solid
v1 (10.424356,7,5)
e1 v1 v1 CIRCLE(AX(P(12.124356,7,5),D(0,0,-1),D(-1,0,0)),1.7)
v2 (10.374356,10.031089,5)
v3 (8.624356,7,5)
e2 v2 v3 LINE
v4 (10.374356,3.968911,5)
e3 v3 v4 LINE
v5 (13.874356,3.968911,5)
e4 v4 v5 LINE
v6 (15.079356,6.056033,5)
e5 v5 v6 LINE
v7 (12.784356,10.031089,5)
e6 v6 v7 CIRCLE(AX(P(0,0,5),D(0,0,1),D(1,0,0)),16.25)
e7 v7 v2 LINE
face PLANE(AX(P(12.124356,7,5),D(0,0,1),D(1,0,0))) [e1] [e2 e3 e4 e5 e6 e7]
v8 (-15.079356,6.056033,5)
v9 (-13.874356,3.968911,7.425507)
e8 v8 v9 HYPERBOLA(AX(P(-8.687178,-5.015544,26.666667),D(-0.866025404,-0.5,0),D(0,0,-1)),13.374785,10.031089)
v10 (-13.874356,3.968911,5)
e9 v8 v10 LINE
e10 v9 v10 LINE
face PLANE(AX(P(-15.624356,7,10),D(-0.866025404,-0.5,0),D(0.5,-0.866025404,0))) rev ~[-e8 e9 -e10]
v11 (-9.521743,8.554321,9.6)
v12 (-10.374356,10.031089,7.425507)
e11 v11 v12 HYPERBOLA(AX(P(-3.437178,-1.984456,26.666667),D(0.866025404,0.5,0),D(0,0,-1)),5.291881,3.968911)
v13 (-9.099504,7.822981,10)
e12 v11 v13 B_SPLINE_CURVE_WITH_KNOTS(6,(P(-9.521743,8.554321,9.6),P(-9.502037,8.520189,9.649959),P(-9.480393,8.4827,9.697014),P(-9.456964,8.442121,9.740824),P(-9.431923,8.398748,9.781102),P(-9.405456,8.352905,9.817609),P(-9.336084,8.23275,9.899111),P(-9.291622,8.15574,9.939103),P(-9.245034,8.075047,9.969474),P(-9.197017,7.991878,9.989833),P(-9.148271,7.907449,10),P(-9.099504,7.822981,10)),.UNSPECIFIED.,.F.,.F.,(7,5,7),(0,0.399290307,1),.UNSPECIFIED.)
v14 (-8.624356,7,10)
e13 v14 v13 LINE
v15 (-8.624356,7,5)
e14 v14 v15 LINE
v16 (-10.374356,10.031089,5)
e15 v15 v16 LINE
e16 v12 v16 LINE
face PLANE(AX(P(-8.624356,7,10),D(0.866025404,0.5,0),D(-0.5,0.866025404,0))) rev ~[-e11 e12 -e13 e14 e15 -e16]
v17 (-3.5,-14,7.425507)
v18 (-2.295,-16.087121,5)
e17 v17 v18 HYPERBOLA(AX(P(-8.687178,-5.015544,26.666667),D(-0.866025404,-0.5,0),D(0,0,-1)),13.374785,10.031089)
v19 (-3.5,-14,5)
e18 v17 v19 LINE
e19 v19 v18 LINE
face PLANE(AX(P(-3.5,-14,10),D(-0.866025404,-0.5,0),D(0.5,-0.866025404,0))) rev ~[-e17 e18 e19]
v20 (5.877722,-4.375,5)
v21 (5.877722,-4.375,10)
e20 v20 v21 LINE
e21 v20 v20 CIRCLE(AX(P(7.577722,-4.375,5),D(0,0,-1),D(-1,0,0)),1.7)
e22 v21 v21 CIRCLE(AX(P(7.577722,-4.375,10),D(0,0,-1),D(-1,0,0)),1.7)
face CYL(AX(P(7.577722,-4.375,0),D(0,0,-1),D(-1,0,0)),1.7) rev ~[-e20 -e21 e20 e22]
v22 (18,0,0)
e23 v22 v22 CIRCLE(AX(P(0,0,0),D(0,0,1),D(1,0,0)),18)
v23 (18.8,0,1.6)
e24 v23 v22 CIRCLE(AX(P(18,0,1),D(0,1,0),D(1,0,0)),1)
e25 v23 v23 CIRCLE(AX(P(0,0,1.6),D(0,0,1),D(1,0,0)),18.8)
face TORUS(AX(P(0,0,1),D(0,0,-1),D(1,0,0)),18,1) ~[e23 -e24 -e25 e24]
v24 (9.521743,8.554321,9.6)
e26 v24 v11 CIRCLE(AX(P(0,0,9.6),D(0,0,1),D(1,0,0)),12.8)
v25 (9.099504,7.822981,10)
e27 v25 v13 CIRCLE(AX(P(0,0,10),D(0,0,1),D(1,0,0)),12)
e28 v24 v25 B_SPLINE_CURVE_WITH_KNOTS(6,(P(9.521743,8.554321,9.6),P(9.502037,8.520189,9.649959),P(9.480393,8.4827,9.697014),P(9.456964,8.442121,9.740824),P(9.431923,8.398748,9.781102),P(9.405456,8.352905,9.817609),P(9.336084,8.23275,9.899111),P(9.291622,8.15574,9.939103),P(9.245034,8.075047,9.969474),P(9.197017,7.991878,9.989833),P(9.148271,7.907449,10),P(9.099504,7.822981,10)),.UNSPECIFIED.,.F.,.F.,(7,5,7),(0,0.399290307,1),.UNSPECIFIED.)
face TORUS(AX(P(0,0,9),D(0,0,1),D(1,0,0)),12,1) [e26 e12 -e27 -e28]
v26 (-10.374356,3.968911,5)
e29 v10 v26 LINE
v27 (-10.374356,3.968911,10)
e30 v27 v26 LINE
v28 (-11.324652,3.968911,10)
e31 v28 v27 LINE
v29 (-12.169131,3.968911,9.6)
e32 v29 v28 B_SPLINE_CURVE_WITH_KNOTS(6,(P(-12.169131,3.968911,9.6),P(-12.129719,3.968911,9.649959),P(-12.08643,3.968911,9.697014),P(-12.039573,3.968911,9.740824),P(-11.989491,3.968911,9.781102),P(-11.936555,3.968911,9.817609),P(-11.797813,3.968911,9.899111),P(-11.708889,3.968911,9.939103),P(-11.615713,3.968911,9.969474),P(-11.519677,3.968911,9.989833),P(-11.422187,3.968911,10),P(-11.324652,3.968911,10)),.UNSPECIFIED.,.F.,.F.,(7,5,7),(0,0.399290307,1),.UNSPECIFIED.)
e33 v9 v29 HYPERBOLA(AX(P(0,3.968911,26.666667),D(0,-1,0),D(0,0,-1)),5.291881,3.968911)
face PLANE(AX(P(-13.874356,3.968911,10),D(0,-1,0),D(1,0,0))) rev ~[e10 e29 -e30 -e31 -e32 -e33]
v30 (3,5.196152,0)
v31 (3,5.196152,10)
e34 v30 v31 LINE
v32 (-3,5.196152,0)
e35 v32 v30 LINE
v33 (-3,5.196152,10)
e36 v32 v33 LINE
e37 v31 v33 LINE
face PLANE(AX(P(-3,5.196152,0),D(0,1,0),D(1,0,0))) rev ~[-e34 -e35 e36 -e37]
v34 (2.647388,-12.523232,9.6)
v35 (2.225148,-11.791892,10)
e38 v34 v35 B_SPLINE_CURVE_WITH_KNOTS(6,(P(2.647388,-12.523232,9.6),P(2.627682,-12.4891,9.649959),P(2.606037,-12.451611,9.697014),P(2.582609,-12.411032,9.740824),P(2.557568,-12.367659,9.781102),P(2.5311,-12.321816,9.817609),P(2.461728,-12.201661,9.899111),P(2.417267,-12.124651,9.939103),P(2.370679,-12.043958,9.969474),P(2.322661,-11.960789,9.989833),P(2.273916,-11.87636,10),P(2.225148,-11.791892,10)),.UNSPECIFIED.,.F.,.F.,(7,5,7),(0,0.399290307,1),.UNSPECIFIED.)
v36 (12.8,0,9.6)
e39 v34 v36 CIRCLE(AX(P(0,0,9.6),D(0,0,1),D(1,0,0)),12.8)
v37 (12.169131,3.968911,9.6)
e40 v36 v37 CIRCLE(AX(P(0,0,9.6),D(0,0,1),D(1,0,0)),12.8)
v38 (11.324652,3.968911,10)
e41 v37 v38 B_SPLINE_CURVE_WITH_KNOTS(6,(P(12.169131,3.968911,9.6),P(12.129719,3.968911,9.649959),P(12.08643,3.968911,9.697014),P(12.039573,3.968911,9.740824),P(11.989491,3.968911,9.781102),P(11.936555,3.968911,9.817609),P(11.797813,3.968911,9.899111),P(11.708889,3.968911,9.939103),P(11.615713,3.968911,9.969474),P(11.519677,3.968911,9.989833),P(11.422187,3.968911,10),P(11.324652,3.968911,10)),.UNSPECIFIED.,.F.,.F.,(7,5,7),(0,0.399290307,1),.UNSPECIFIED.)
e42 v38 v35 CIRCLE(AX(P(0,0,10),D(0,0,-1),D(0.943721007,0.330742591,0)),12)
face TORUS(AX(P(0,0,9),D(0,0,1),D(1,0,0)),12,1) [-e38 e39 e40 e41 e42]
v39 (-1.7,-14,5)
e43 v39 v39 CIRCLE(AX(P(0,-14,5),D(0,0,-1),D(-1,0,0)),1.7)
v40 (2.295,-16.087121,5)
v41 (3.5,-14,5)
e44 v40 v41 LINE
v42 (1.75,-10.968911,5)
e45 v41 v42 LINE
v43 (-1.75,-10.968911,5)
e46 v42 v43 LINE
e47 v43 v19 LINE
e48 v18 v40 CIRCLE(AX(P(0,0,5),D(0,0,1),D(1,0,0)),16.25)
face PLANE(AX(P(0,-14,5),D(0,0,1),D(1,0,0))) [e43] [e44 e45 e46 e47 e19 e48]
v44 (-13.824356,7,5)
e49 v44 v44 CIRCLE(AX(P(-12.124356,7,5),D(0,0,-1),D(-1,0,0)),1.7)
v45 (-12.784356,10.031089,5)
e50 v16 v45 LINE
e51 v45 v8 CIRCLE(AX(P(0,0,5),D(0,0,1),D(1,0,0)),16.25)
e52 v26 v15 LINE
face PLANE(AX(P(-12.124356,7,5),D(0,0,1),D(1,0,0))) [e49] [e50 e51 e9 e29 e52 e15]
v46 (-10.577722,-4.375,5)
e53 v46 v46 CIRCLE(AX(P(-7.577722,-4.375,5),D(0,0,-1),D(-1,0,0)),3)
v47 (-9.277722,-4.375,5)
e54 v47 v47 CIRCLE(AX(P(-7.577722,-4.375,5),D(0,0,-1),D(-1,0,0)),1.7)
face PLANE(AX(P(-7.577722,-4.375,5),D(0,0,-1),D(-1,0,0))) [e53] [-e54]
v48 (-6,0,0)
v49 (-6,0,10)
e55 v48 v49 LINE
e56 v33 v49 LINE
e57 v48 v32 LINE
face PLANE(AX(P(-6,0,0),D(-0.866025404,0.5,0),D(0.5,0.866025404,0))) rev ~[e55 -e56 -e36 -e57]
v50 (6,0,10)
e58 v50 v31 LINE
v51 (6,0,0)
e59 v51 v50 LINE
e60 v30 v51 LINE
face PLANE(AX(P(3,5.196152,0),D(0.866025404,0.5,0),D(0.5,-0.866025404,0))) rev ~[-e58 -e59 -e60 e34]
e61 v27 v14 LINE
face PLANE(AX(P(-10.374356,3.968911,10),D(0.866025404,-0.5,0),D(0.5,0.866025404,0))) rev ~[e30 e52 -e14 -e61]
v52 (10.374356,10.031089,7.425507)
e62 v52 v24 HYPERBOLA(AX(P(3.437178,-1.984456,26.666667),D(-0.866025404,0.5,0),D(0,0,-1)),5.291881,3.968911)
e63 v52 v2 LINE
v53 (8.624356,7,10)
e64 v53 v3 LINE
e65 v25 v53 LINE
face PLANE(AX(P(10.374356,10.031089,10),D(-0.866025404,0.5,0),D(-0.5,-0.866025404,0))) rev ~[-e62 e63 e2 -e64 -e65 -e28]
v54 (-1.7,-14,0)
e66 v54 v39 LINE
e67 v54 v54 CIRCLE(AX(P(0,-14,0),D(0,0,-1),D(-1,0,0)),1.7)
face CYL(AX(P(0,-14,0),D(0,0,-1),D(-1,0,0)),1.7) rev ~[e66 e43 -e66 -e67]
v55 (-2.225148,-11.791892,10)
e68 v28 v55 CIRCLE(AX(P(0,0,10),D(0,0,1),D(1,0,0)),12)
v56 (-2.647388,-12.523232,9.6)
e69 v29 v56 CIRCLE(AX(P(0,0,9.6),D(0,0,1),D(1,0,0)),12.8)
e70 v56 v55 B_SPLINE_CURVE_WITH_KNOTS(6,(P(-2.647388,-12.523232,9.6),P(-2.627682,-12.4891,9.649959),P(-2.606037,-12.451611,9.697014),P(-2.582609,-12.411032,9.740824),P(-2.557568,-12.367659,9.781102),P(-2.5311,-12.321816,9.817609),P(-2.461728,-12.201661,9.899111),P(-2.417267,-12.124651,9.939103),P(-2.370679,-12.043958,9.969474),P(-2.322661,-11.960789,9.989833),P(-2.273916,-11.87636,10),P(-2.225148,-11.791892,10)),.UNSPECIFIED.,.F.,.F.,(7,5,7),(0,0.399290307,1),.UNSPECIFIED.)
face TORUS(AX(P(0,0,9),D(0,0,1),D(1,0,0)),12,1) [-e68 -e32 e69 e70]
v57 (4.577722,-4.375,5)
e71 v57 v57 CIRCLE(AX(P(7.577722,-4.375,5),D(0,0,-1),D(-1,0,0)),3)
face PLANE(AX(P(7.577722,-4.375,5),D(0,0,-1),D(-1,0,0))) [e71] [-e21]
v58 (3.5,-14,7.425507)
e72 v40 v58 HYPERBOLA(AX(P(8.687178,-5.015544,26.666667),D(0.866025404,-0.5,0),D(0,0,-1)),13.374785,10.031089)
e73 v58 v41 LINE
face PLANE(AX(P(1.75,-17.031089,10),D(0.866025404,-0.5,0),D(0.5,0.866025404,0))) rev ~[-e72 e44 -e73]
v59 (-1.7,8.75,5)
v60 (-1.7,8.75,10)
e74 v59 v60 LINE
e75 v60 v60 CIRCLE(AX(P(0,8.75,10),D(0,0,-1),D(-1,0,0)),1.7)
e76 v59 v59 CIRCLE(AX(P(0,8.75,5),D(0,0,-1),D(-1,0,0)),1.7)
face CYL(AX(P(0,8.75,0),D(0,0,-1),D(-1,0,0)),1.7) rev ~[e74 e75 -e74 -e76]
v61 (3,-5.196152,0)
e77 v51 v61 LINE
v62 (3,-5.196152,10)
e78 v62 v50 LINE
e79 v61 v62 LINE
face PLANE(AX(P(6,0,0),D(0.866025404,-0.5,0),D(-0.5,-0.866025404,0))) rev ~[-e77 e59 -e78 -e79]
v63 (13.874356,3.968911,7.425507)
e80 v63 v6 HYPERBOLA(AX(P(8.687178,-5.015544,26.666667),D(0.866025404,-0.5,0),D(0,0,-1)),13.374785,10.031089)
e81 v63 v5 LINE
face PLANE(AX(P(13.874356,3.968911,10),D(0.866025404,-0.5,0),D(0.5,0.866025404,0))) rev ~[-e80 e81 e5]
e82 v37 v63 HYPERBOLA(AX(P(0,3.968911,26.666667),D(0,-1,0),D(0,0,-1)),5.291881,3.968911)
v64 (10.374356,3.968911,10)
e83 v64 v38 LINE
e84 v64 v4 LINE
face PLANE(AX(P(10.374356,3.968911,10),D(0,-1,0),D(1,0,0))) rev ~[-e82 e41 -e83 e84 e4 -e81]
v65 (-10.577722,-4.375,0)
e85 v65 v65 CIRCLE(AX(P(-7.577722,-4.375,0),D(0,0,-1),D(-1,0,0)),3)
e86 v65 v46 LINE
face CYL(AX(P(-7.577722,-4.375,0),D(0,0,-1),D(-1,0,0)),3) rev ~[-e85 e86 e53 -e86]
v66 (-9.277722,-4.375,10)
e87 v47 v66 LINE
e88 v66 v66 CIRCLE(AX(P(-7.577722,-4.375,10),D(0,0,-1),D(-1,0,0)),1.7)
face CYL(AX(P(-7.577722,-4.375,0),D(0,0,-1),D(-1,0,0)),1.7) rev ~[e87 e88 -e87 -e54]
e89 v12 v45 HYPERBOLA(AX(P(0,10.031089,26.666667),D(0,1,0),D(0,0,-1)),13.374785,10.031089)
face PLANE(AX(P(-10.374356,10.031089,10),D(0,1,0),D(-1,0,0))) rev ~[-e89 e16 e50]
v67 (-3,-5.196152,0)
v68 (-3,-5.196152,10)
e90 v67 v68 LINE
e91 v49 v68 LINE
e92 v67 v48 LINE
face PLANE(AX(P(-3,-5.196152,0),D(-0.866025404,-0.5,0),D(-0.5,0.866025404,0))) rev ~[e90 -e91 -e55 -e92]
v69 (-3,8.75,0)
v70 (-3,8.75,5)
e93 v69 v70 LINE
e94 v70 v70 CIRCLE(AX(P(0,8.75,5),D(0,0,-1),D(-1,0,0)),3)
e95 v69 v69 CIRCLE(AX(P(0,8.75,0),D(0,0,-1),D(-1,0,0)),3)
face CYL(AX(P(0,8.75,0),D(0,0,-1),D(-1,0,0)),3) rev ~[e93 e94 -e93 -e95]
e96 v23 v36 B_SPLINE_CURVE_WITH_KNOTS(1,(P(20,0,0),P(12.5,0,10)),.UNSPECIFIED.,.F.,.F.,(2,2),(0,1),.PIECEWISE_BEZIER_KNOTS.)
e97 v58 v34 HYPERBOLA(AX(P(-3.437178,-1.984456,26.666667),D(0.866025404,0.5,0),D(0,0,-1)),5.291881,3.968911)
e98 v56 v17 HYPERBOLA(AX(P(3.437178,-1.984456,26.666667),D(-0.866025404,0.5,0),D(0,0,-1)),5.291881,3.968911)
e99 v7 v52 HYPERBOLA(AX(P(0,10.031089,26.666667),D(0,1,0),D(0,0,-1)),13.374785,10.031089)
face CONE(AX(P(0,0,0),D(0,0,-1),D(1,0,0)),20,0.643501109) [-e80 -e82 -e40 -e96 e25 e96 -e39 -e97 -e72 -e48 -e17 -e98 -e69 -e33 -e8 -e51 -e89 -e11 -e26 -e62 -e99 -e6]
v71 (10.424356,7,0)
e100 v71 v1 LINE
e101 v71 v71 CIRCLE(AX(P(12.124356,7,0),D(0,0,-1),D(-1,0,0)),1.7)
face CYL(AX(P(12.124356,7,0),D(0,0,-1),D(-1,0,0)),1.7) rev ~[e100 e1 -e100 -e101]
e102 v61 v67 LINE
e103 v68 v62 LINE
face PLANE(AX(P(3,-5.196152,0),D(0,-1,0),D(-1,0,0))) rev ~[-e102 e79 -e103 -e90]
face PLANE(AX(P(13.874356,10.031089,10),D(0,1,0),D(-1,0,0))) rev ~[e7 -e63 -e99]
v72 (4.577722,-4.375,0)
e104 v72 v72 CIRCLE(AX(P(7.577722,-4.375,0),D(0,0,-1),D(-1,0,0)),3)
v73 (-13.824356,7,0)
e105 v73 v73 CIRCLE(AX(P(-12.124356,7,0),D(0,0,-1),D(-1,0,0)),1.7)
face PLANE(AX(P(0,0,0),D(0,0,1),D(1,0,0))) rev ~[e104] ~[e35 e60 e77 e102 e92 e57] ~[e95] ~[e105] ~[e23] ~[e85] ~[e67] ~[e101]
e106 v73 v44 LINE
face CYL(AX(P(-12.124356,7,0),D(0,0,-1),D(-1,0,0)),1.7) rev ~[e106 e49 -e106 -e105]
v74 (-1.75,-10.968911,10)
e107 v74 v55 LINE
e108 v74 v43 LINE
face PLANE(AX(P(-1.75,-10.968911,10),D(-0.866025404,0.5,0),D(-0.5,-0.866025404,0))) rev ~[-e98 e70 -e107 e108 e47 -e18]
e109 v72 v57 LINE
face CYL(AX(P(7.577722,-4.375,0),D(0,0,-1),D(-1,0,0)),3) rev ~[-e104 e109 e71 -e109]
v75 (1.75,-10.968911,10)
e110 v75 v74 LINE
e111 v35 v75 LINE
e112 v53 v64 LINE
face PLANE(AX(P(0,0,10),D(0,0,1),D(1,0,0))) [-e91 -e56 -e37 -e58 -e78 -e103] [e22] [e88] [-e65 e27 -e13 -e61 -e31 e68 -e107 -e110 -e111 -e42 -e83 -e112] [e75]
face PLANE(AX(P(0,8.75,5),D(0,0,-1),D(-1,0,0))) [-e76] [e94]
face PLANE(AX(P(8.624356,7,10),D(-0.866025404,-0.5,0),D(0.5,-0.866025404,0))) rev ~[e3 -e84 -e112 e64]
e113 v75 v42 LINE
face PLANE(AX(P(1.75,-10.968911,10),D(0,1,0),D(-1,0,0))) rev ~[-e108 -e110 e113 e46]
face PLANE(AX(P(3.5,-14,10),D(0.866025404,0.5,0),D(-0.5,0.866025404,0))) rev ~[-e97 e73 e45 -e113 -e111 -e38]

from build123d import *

# Parameters (mm, degrees)
SKETCH_1_R          = 20
SKETCH_2_R          = 12.5
FILLET_1_R          = 1
SKETCH_3_R          = 1.7
CUT_EXTRUDE_1_DEPTH = 29.670542506
CUT_EXTRUDE_2_DEPTH = 29.670542541
SKETCH_6_R          = 3
CUT_EXTRUDE_3_DEPTH = 5
CUT_EXTRUDE_4_DEPTH = 5


with BuildPart() as part:
    # 草图1 → 放样1 section 0
    with BuildSketch(Plane.XY):
        Circle(SKETCH_1_R)
    # 草图2 → 放样1 section 1
    with BuildSketch(Plane.XY.offset(10)):
        Circle(SKETCH_2_R)
    loft()

    # 圆角1
    fillet_1_edges = [part.edges().sort_by_distance(p)[0] for p in [
        (-12.5, 0, 10),
        (-20, 0, 0),
    ]]
    fillet(fillet_1_edges, radius=FILLET_1_R)

    # 草图3 → 切除-拉伸1 (cut, through all)
    with BuildSketch(Plane(origin=(0, 0, 0), x_dir=(-1, 0, 0), z_dir=(0, 0, -1))):
        with Locations((0, -14)):
            Circle(SKETCH_3_R)
        with Locations((-12.124355653, 7)):
            Circle(SKETCH_3_R)
        with Locations((12.124355653, 7)):
            Circle(SKETCH_3_R)
        with Locations((0, 8.75)):
            Circle(SKETCH_3_R)
        with Locations((7.577722283, -4.375)):
            Circle(SKETCH_3_R)
        with Locations((-7.577722283, -4.375)):
            Circle(SKETCH_3_R)
    extrude(amount=-CUT_EXTRUDE_1_DEPTH, mode=Mode.SUBTRACT)

    # 草图5 → 切除-拉伸2 (cut, through all)
    with BuildSketch(Plane(origin=(0, 0, 0), x_dir=(-1, 0, 0), z_dir=(0, 0, -1))):
        Polygon((-3, 5.196152423), (-6, 0), (-3, -5.196152423), (3, -5.196152423), (6, 0), (3, 5.196152423), align=None)
    extrude(amount=-CUT_EXTRUDE_2_DEPTH, mode=Mode.SUBTRACT)

    # 草图6 → 切除-拉伸3 (cut)
    with BuildSketch(Plane(origin=(0, 0, 0), x_dir=(-1, 0, 0), z_dir=(0, 0, -1))):
        with Locations((-7.577722283, -4.375)):
            Circle(SKETCH_6_R)
        with Locations((7.577722283, -4.375)):
            Circle(SKETCH_6_R)
        with Locations((0, 8.75)):
            Circle(SKETCH_6_R)
    extrude(amount=-CUT_EXTRUDE_3_DEPTH, mode=Mode.SUBTRACT)

    # 草图7 → 切除-拉伸4 (cut)
    with BuildSketch(Plane.XY.offset(10)):
        Polygon((-15.624355653, 7), (-13.874355653, 3.968911087), (-10.374355653, 3.968911087), (-8.624355653, 7), (-10.374355653, 10.031088913), (-13.874355653, 10.031088913), align=None)
        Polygon((13.874355653, 3.968911087), (15.624355653, 7), (13.874355653, 10.031088913), (10.374355653, 10.031088913), (8.624355653, 7), (10.374355653, 3.968911087), align=None)
        Polygon((-1.75, -10.968911087), (-3.5, -14), (-1.75, -17.031088913), (1.75, -17.031088913), (3.5, -14), (1.75, -10.968911087), align=None)
    extrude(amount=-CUT_EXTRUDE_4_DEPTH, mode=Mode.SUBTRACT)


solid = part.part
